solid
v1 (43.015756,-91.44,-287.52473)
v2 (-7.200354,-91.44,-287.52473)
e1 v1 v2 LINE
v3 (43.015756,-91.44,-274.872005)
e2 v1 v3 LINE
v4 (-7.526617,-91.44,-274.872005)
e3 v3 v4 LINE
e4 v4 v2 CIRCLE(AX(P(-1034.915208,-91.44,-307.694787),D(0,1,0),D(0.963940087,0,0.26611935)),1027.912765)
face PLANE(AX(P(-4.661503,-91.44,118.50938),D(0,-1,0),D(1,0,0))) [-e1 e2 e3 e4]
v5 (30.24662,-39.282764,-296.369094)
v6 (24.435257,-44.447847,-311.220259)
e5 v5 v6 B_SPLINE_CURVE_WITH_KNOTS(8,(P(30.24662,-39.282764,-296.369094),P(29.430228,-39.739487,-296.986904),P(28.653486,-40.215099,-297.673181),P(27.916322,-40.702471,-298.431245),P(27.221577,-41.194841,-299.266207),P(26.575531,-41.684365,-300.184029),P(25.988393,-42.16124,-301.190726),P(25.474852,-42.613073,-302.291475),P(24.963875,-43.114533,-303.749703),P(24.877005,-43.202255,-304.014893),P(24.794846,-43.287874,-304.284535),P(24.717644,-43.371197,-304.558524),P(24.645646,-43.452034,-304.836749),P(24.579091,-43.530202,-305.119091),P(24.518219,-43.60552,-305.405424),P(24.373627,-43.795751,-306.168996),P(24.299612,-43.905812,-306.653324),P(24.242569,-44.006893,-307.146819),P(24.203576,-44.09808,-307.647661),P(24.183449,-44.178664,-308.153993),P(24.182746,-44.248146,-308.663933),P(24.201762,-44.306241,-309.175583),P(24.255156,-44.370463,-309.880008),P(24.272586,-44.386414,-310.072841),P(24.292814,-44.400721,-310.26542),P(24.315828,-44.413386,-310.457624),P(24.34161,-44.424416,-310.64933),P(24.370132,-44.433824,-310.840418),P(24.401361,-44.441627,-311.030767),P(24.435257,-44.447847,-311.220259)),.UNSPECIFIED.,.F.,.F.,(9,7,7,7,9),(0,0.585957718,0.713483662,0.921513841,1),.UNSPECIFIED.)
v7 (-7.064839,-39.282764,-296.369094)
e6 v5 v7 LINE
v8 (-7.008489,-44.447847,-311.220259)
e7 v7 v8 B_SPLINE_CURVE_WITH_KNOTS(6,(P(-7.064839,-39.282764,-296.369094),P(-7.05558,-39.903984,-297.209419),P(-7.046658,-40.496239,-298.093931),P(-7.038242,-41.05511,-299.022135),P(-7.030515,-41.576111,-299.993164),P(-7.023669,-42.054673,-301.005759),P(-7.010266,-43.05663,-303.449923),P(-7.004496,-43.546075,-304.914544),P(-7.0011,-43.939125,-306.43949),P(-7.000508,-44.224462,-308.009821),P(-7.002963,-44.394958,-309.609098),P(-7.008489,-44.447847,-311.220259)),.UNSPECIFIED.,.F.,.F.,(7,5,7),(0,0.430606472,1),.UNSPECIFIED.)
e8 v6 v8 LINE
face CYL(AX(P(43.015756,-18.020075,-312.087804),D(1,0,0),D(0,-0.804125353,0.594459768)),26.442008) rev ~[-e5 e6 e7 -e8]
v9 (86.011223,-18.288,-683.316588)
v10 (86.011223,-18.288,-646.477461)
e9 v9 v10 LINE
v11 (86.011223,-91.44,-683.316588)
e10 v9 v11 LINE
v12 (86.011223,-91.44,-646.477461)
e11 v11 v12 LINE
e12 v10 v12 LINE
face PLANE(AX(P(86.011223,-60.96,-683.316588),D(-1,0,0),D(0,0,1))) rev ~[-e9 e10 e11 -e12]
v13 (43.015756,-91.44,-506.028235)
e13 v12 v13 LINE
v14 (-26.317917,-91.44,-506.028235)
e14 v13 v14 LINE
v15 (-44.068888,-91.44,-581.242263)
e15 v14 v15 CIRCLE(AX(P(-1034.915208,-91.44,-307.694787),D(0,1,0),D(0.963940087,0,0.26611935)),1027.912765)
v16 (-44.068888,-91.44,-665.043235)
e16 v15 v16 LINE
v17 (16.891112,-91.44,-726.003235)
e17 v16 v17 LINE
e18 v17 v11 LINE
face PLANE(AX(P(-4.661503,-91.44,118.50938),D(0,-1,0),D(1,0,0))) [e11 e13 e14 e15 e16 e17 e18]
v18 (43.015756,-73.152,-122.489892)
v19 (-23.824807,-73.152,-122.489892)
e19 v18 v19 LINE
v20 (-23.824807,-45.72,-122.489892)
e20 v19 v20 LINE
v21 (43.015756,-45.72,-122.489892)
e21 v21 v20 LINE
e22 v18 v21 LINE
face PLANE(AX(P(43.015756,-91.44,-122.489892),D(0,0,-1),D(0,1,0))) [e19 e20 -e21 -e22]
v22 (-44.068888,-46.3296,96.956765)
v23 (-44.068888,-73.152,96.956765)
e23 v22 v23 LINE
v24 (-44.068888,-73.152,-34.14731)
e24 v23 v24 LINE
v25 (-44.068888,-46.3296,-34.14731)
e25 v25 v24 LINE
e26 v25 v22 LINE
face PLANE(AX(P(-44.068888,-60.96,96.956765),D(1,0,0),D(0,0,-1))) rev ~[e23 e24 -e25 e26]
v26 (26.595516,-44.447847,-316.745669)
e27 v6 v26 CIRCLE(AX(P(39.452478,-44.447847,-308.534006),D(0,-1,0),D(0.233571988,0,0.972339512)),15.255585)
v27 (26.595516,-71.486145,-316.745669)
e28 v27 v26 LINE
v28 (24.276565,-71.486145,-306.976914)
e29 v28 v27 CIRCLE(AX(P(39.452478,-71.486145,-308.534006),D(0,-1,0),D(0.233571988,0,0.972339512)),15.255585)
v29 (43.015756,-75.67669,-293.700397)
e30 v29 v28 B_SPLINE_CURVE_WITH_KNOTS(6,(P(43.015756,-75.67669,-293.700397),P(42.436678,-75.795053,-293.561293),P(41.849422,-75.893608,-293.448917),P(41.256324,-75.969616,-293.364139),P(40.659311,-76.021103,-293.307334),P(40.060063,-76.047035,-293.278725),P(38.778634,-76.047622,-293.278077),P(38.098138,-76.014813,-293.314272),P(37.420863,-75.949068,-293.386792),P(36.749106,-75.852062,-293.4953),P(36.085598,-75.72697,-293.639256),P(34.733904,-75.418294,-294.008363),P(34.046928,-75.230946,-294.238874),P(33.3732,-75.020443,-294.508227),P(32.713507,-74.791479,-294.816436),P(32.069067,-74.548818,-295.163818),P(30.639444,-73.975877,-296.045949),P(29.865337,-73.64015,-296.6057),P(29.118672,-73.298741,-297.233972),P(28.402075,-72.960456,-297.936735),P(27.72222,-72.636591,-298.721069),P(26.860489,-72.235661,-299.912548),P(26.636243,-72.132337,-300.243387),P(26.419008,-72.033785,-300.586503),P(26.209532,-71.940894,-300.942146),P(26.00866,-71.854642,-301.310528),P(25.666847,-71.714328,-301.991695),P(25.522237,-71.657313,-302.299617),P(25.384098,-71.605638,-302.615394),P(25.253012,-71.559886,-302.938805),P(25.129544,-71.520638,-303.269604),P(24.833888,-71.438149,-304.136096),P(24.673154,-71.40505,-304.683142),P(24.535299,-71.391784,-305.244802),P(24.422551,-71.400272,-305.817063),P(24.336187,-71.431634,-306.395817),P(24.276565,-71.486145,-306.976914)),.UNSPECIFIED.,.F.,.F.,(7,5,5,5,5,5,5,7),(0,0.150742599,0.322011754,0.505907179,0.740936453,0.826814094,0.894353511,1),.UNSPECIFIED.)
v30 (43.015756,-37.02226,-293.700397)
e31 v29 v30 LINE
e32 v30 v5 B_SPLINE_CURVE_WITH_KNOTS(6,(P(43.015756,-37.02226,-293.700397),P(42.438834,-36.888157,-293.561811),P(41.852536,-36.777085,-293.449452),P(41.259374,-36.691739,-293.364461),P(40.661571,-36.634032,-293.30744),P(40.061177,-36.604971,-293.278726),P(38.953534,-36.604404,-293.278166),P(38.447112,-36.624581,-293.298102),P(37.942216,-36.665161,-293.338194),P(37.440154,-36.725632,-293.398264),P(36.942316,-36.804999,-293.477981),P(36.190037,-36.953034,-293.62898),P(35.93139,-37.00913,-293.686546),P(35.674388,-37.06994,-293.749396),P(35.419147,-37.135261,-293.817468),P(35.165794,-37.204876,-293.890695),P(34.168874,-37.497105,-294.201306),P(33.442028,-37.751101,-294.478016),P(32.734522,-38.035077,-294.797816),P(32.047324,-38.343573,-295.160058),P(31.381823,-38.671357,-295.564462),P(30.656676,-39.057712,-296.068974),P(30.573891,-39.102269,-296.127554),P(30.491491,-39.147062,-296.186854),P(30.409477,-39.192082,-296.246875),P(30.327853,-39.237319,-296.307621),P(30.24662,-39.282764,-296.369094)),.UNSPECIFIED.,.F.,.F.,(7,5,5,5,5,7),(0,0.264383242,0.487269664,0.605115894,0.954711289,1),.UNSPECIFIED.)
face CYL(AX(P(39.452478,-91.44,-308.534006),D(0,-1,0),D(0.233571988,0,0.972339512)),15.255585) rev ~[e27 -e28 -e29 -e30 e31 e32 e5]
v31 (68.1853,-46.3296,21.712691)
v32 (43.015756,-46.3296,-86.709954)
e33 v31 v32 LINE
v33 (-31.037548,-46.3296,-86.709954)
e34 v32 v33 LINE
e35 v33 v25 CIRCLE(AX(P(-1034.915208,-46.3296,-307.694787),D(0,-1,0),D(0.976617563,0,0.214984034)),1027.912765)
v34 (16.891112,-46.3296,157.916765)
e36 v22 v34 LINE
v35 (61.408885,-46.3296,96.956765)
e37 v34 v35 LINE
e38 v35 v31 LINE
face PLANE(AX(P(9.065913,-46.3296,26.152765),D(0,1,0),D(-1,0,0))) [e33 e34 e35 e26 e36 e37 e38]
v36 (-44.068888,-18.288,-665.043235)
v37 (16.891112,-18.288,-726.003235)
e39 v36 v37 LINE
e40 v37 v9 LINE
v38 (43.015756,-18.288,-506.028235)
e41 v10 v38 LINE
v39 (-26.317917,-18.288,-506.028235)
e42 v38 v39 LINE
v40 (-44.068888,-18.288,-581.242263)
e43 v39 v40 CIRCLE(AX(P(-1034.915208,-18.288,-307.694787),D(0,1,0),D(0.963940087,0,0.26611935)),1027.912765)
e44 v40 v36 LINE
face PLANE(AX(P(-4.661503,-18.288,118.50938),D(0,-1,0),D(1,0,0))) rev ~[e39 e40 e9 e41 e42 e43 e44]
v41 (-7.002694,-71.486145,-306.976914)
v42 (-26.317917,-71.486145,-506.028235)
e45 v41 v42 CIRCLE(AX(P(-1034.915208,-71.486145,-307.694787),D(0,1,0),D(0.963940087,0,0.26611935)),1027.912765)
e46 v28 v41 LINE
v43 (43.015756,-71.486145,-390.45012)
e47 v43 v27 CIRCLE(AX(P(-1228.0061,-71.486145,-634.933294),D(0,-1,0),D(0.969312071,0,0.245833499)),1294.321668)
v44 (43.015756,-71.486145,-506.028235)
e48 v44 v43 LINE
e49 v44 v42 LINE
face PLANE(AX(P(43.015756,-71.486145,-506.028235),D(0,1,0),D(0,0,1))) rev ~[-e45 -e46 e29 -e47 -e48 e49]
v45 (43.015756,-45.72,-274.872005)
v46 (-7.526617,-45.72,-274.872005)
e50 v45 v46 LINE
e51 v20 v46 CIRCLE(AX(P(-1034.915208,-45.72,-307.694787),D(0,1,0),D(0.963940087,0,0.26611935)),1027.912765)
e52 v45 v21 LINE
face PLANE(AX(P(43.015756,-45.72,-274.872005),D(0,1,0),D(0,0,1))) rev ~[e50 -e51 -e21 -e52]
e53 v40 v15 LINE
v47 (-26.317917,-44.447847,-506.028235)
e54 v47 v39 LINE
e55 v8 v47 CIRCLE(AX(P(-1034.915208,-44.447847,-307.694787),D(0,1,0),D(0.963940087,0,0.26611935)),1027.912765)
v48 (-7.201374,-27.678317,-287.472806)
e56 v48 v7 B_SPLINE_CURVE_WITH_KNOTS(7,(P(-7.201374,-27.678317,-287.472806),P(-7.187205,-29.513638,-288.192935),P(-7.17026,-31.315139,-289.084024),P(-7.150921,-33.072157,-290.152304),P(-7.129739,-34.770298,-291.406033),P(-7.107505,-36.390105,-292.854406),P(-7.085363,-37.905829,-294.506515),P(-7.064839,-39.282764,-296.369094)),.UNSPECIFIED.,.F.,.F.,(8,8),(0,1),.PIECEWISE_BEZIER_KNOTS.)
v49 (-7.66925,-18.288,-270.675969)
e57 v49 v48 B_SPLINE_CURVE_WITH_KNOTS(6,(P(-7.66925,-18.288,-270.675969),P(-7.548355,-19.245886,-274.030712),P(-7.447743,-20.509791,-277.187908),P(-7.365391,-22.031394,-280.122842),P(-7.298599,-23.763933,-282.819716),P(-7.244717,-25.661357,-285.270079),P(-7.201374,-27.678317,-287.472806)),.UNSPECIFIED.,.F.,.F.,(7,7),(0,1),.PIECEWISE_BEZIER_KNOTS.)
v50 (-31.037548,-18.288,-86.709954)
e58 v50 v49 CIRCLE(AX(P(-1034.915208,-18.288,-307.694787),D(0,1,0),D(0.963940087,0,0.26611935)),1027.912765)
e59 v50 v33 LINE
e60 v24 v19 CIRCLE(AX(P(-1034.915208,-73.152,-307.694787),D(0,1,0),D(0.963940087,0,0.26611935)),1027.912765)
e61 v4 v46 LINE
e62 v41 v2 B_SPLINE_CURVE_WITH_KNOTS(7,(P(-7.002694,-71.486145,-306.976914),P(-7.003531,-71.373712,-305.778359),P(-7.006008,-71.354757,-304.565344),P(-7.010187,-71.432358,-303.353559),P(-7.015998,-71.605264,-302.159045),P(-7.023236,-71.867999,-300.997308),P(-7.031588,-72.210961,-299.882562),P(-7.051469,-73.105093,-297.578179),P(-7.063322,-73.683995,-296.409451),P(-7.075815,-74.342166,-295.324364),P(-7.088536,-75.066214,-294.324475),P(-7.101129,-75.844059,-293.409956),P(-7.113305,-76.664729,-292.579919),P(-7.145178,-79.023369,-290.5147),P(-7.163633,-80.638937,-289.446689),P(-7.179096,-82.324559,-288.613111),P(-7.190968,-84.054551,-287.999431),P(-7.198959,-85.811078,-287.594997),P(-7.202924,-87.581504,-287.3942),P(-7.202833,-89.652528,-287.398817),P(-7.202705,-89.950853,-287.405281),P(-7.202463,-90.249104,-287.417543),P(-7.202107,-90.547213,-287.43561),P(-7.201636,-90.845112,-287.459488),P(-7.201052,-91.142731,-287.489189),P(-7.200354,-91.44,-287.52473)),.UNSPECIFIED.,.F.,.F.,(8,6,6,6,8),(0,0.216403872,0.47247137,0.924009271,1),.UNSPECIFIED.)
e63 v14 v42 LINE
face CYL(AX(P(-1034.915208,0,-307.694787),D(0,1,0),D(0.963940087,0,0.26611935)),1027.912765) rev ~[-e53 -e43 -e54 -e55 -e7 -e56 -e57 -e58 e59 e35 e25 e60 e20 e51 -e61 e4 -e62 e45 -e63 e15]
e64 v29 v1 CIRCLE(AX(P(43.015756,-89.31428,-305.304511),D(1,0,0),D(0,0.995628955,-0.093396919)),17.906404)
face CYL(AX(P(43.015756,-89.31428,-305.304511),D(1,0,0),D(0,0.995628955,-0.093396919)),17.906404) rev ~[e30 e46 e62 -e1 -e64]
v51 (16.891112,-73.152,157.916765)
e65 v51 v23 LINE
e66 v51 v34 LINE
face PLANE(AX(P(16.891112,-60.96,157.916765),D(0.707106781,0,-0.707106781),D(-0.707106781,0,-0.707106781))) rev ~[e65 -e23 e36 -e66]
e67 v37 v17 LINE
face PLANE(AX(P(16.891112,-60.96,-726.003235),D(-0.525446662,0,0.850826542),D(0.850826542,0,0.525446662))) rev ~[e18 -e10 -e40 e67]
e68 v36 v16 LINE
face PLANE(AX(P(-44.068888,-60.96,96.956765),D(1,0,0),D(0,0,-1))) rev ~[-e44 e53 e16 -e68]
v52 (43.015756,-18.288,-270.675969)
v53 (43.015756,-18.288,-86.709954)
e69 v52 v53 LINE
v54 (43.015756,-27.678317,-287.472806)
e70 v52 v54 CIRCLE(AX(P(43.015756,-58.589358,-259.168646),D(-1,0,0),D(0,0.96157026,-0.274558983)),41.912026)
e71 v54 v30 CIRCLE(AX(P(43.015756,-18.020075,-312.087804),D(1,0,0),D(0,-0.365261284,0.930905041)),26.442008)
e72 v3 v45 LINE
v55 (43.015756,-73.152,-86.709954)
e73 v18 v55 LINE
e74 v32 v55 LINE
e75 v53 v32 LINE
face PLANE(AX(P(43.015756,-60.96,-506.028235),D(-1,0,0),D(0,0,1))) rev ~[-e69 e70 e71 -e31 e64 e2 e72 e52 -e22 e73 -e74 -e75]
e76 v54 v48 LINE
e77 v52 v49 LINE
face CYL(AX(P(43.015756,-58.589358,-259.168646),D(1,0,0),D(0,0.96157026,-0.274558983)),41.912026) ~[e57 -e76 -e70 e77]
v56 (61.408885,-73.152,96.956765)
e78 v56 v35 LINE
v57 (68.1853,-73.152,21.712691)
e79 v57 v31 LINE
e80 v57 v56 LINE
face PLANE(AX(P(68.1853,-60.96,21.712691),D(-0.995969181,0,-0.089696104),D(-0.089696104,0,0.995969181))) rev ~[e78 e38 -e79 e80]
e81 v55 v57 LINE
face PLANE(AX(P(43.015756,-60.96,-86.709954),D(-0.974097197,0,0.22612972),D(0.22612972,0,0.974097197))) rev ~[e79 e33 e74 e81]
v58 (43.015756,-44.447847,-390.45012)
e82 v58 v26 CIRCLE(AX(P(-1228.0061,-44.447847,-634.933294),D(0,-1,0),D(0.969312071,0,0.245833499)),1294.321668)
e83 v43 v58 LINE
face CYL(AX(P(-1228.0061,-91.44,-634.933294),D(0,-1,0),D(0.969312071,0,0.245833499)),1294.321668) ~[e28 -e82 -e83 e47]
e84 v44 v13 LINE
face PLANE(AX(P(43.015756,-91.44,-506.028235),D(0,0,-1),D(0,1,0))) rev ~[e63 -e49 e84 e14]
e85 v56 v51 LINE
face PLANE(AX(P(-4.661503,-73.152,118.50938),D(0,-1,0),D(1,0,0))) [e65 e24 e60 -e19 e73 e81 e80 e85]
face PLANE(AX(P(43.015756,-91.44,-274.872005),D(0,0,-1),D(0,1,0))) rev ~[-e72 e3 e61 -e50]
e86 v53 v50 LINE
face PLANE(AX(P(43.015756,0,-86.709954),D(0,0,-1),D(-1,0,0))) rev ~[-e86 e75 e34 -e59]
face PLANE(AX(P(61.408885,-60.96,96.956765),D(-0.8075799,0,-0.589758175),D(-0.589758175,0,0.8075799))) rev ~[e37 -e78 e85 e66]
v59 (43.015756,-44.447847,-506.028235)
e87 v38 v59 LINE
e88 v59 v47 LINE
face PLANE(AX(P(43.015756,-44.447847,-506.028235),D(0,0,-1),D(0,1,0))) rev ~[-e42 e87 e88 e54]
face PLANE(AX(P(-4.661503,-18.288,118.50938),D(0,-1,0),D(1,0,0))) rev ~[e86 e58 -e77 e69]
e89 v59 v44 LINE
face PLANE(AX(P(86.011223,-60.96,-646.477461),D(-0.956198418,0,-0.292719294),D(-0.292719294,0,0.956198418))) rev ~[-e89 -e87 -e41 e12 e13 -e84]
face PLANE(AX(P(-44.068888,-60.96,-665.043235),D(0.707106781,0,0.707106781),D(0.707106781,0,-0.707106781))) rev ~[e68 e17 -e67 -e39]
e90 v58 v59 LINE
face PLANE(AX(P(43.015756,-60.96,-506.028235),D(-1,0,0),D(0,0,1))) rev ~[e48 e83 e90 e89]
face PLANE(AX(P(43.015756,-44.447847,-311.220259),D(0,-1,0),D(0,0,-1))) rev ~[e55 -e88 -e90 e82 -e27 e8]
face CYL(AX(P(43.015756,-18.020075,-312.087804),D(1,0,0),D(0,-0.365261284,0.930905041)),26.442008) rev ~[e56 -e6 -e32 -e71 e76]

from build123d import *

# Parameters (mm, degrees)
F1_DEPTH  = 30.48
F2_DEPTH  = 30.48
F3_DEPTH  = 30.48
F5_DEPTH  = 661.416
F6_W      = 45.72
F6_H      = 152.3821130395
F7_DEPTH  = 222.504
F9_DEPTH  = 46.3296
F10_DEPTH = 18.288
F13_DEPTH = 296.2656
F14_DEPTH = 86.2584
F15_DEPTH = 18.288


with BuildPart() as f1:
    # F0 (on Front) → F1 (new body)
    with BuildSketch(Plane.XZ):
        Polygon((16.8911121702, 157.9167651749), (-44.0688878298, 96.9567651749), (16.8911121702, 96.9567651749), align=None)
        Polygon((16.8911121702, 96.9567651749), (-44.0688878298, 96.9567651749), (-44.0688878298, -665.0432348251), (16.8911121702, -665.0432348251), (16.8911121702, -726.0032348251), (86.011223495, -683.3165884018), (86.011223495, -646.4774608612), (43.015755713, -506.0282349586), (43.015755713, -86.7099538445), (68.1852996349, 21.7126905918), (61.4088848233, 96.9567651749), (16.8911121702, 157.9167651749), align=None)
        Polygon((16.8911121702, -665.0432348251), (-44.0688878298, -665.0432348251), (16.8911121702, -726.0032348251), align=None)
    extrude(amount=F1_DEPTH)

    # F2 (add): a face of the model
    f2_faces = [f1.faces().sort_by_distance(p)[0] for p in [
        (6.2050010019, -30.48, -294.9143233184),
    ]]
    extrude(f2_faces, amount=F2_DEPTH)

    # F3 (add): a face of the model
    f3_faces = [f1.faces().sort_by_distance(p)[0] for p in [
        (6.2050010019, -60.96, -294.9143233184),
    ]]
    extrude(f3_faces, amount=F3_DEPTH)

    # F4 (on face) → F5 (cut)
    with BuildSketch(Plane(origin=(0, 0, 0), x_dir=(-1, 0, 0), z_dir=(0, 1, 0))):
        with BuildLine():
            Line((44.0688878298, -581.2422633171), (44.0688878298, -34.1473101496))
            ThreePointArc((44.0688878298, -34.1473101496), (7.0024431669, -307.6947867334), (44.0688878298, -581.2422633171))
        make_face()
    extrude(amount=-F5_DEPTH, mode=Mode.SUBTRACT)

    # F6 (on face) → F7 (cut)
    with BuildSketch(Plane.YZ.offset(43.015755713)):
        with Locations((-68.58, -198.6809484661)):
            Rectangle(F6_W, F6_H)
    extrude(amount=-F7_DEPTH, mode=Mode.SUBTRACT)

    # F8 (on face) → F9 (cut)
    with BuildSketch(Plane(origin=(0, 0, 0), x_dir=(-1, 0, 0), z_dir=(0, 1, 0))):
        with BuildLine():
            Line((-68.1852996349, 21.7126905918), (-43.015755713, -86.7099538445))
            Line((-43.015755713, -86.7099538445), (31.0375482418, -86.7099538445))
            ThreePointArc((31.0375482418, -86.7099538445), (37.2070107283, -60.3428002224), (44.0688878298, -34.1473101496))
            Line((44.0688878298, -34.1473101496), (44.0688878298, 96.9567651749))
            Line((44.0688878298, 96.9567651749), (-16.8911121702, 157.9167651749))
            Line((-16.8911121702, 157.9167651749), (-61.4088848233, 96.9567651749))
            Line((-61.4088848233, 96.9567651749), (-68.1852996349, 21.7126905918))
        make_face()
    extrude(amount=-F9_DEPTH, mode=Mode.SUBTRACT)

    # F10 (cut): a face of the model
    f10_faces = [f1.faces().sort_by_distance(p)[0] for p in [
        (15.3196752296, 0, -444.822898096),
    ]]
    extrude(f10_faces, amount=-F10_DEPTH, mode=Mode.SUBTRACT)

    # F12 (on face) → F13 (cut)
    with BuildSketch(Plane.XZ.offset(91.44)):
        with BuildLine():
            Line((43.015755713, -390.4501199722), (43.015755713, -293.7003970146))
            ThreePointArc((43.015755713, -293.7003970146), (27.028136051, -299.6814009845), (26.5955161303, -316.7456686497))
            ThreePointArc((26.5955161303, -316.7456686497), (35.3432447647, -353.478123173), (43.015755713, -390.4501199722))
        make_face()
    extrude(amount=-F13_DEPTH, mode=Mode.SUBTRACT)

    # F11 (on face) → F14 (cut)
    with BuildSketch(Plane.YZ.offset(43.015755713)):
        with BuildLine():
            Line((-71.4861452579, -398.3681499958), (-71.4861452579, -306.9769144058))
            ThreePointArc((-71.4861452579, -306.9769144058), (-76.814746868, -292.4826164705), (-91.44, -287.5247299671))
            Line((-91.44, -287.5247299671), (-91.44, -506.0282349586))
            Line((-91.44, -506.0282349586), (-71.4861452579, -506.0282349586))
            Line((-71.4861452579, -506.0282349586), (-71.4861452579, -398.3681499958))
        make_face()
        with BuildLine():
            ThreePointArc((-27.6783167816, -287.4728058939), (-23.0664051614, -286.1317966662), (-18.288, -285.6471538544))
            Line((-18.288, -285.6471538544), (-18.288, -270.6759691181))
            ThreePointArc((-18.288, -270.6759691181), (-22.0060984175, -279.6206155123), (-27.6783167816, -287.4728058939))
        make_face()
        with BuildLine():
            Line((-44.4478472258, -398.3681499958), (-44.4478472258, -506.0282349586))
            Line((-44.4478472258, -506.0282349586), (-18.288, -506.0282349586))
            Line((-18.288, -506.0282349586), (-18.288, -285.6471538544))
            ThreePointArc((-18.288, -285.6471538544), (-23.0664051614, -286.1317966662), (-27.6783167816, -287.4728058939))
            ThreePointArc((-27.6783167816, -287.4728058939), (-33.0895793591, -292.4309253132), (-39.2827639268, -296.3690944016))
            ThreePointArc((-39.2827639268, -296.3690944016), (-42.9947480165, -303.4018680478), (-44.4478472258, -311.2202587856))
            Line((-44.4478472258, -311.2202587856), (-44.4478472258, -312.9553496838))
            Line((-44.4478472258, -312.9553496838), (-44.4478472258, -398.3681499958))
        make_face()
        with BuildLine():
            ThreePointArc((-39.2827639268, -296.3690944016), (-33.0895793591, -292.4309253132), (-27.6783167816, -287.4728058939))
            ThreePointArc((-27.6783167816, -287.4728058939), (-34.1077092685, -291.1028619629), (-39.2827639268, -296.3690944016))
        make_face()
    extrude(amount=-F14_DEPTH, mode=Mode.SUBTRACT)

    # F15 (cut): a face of the model
    f15_faces = [f1.faces().sort_by_distance(p)[0] for p in [
        (9.0527657061, -91.44, 12.1173213598),
    ]]
    extrude(f15_faces, amount=-F15_DEPTH, mode=Mode.SUBTRACT)


solid = f1.part
